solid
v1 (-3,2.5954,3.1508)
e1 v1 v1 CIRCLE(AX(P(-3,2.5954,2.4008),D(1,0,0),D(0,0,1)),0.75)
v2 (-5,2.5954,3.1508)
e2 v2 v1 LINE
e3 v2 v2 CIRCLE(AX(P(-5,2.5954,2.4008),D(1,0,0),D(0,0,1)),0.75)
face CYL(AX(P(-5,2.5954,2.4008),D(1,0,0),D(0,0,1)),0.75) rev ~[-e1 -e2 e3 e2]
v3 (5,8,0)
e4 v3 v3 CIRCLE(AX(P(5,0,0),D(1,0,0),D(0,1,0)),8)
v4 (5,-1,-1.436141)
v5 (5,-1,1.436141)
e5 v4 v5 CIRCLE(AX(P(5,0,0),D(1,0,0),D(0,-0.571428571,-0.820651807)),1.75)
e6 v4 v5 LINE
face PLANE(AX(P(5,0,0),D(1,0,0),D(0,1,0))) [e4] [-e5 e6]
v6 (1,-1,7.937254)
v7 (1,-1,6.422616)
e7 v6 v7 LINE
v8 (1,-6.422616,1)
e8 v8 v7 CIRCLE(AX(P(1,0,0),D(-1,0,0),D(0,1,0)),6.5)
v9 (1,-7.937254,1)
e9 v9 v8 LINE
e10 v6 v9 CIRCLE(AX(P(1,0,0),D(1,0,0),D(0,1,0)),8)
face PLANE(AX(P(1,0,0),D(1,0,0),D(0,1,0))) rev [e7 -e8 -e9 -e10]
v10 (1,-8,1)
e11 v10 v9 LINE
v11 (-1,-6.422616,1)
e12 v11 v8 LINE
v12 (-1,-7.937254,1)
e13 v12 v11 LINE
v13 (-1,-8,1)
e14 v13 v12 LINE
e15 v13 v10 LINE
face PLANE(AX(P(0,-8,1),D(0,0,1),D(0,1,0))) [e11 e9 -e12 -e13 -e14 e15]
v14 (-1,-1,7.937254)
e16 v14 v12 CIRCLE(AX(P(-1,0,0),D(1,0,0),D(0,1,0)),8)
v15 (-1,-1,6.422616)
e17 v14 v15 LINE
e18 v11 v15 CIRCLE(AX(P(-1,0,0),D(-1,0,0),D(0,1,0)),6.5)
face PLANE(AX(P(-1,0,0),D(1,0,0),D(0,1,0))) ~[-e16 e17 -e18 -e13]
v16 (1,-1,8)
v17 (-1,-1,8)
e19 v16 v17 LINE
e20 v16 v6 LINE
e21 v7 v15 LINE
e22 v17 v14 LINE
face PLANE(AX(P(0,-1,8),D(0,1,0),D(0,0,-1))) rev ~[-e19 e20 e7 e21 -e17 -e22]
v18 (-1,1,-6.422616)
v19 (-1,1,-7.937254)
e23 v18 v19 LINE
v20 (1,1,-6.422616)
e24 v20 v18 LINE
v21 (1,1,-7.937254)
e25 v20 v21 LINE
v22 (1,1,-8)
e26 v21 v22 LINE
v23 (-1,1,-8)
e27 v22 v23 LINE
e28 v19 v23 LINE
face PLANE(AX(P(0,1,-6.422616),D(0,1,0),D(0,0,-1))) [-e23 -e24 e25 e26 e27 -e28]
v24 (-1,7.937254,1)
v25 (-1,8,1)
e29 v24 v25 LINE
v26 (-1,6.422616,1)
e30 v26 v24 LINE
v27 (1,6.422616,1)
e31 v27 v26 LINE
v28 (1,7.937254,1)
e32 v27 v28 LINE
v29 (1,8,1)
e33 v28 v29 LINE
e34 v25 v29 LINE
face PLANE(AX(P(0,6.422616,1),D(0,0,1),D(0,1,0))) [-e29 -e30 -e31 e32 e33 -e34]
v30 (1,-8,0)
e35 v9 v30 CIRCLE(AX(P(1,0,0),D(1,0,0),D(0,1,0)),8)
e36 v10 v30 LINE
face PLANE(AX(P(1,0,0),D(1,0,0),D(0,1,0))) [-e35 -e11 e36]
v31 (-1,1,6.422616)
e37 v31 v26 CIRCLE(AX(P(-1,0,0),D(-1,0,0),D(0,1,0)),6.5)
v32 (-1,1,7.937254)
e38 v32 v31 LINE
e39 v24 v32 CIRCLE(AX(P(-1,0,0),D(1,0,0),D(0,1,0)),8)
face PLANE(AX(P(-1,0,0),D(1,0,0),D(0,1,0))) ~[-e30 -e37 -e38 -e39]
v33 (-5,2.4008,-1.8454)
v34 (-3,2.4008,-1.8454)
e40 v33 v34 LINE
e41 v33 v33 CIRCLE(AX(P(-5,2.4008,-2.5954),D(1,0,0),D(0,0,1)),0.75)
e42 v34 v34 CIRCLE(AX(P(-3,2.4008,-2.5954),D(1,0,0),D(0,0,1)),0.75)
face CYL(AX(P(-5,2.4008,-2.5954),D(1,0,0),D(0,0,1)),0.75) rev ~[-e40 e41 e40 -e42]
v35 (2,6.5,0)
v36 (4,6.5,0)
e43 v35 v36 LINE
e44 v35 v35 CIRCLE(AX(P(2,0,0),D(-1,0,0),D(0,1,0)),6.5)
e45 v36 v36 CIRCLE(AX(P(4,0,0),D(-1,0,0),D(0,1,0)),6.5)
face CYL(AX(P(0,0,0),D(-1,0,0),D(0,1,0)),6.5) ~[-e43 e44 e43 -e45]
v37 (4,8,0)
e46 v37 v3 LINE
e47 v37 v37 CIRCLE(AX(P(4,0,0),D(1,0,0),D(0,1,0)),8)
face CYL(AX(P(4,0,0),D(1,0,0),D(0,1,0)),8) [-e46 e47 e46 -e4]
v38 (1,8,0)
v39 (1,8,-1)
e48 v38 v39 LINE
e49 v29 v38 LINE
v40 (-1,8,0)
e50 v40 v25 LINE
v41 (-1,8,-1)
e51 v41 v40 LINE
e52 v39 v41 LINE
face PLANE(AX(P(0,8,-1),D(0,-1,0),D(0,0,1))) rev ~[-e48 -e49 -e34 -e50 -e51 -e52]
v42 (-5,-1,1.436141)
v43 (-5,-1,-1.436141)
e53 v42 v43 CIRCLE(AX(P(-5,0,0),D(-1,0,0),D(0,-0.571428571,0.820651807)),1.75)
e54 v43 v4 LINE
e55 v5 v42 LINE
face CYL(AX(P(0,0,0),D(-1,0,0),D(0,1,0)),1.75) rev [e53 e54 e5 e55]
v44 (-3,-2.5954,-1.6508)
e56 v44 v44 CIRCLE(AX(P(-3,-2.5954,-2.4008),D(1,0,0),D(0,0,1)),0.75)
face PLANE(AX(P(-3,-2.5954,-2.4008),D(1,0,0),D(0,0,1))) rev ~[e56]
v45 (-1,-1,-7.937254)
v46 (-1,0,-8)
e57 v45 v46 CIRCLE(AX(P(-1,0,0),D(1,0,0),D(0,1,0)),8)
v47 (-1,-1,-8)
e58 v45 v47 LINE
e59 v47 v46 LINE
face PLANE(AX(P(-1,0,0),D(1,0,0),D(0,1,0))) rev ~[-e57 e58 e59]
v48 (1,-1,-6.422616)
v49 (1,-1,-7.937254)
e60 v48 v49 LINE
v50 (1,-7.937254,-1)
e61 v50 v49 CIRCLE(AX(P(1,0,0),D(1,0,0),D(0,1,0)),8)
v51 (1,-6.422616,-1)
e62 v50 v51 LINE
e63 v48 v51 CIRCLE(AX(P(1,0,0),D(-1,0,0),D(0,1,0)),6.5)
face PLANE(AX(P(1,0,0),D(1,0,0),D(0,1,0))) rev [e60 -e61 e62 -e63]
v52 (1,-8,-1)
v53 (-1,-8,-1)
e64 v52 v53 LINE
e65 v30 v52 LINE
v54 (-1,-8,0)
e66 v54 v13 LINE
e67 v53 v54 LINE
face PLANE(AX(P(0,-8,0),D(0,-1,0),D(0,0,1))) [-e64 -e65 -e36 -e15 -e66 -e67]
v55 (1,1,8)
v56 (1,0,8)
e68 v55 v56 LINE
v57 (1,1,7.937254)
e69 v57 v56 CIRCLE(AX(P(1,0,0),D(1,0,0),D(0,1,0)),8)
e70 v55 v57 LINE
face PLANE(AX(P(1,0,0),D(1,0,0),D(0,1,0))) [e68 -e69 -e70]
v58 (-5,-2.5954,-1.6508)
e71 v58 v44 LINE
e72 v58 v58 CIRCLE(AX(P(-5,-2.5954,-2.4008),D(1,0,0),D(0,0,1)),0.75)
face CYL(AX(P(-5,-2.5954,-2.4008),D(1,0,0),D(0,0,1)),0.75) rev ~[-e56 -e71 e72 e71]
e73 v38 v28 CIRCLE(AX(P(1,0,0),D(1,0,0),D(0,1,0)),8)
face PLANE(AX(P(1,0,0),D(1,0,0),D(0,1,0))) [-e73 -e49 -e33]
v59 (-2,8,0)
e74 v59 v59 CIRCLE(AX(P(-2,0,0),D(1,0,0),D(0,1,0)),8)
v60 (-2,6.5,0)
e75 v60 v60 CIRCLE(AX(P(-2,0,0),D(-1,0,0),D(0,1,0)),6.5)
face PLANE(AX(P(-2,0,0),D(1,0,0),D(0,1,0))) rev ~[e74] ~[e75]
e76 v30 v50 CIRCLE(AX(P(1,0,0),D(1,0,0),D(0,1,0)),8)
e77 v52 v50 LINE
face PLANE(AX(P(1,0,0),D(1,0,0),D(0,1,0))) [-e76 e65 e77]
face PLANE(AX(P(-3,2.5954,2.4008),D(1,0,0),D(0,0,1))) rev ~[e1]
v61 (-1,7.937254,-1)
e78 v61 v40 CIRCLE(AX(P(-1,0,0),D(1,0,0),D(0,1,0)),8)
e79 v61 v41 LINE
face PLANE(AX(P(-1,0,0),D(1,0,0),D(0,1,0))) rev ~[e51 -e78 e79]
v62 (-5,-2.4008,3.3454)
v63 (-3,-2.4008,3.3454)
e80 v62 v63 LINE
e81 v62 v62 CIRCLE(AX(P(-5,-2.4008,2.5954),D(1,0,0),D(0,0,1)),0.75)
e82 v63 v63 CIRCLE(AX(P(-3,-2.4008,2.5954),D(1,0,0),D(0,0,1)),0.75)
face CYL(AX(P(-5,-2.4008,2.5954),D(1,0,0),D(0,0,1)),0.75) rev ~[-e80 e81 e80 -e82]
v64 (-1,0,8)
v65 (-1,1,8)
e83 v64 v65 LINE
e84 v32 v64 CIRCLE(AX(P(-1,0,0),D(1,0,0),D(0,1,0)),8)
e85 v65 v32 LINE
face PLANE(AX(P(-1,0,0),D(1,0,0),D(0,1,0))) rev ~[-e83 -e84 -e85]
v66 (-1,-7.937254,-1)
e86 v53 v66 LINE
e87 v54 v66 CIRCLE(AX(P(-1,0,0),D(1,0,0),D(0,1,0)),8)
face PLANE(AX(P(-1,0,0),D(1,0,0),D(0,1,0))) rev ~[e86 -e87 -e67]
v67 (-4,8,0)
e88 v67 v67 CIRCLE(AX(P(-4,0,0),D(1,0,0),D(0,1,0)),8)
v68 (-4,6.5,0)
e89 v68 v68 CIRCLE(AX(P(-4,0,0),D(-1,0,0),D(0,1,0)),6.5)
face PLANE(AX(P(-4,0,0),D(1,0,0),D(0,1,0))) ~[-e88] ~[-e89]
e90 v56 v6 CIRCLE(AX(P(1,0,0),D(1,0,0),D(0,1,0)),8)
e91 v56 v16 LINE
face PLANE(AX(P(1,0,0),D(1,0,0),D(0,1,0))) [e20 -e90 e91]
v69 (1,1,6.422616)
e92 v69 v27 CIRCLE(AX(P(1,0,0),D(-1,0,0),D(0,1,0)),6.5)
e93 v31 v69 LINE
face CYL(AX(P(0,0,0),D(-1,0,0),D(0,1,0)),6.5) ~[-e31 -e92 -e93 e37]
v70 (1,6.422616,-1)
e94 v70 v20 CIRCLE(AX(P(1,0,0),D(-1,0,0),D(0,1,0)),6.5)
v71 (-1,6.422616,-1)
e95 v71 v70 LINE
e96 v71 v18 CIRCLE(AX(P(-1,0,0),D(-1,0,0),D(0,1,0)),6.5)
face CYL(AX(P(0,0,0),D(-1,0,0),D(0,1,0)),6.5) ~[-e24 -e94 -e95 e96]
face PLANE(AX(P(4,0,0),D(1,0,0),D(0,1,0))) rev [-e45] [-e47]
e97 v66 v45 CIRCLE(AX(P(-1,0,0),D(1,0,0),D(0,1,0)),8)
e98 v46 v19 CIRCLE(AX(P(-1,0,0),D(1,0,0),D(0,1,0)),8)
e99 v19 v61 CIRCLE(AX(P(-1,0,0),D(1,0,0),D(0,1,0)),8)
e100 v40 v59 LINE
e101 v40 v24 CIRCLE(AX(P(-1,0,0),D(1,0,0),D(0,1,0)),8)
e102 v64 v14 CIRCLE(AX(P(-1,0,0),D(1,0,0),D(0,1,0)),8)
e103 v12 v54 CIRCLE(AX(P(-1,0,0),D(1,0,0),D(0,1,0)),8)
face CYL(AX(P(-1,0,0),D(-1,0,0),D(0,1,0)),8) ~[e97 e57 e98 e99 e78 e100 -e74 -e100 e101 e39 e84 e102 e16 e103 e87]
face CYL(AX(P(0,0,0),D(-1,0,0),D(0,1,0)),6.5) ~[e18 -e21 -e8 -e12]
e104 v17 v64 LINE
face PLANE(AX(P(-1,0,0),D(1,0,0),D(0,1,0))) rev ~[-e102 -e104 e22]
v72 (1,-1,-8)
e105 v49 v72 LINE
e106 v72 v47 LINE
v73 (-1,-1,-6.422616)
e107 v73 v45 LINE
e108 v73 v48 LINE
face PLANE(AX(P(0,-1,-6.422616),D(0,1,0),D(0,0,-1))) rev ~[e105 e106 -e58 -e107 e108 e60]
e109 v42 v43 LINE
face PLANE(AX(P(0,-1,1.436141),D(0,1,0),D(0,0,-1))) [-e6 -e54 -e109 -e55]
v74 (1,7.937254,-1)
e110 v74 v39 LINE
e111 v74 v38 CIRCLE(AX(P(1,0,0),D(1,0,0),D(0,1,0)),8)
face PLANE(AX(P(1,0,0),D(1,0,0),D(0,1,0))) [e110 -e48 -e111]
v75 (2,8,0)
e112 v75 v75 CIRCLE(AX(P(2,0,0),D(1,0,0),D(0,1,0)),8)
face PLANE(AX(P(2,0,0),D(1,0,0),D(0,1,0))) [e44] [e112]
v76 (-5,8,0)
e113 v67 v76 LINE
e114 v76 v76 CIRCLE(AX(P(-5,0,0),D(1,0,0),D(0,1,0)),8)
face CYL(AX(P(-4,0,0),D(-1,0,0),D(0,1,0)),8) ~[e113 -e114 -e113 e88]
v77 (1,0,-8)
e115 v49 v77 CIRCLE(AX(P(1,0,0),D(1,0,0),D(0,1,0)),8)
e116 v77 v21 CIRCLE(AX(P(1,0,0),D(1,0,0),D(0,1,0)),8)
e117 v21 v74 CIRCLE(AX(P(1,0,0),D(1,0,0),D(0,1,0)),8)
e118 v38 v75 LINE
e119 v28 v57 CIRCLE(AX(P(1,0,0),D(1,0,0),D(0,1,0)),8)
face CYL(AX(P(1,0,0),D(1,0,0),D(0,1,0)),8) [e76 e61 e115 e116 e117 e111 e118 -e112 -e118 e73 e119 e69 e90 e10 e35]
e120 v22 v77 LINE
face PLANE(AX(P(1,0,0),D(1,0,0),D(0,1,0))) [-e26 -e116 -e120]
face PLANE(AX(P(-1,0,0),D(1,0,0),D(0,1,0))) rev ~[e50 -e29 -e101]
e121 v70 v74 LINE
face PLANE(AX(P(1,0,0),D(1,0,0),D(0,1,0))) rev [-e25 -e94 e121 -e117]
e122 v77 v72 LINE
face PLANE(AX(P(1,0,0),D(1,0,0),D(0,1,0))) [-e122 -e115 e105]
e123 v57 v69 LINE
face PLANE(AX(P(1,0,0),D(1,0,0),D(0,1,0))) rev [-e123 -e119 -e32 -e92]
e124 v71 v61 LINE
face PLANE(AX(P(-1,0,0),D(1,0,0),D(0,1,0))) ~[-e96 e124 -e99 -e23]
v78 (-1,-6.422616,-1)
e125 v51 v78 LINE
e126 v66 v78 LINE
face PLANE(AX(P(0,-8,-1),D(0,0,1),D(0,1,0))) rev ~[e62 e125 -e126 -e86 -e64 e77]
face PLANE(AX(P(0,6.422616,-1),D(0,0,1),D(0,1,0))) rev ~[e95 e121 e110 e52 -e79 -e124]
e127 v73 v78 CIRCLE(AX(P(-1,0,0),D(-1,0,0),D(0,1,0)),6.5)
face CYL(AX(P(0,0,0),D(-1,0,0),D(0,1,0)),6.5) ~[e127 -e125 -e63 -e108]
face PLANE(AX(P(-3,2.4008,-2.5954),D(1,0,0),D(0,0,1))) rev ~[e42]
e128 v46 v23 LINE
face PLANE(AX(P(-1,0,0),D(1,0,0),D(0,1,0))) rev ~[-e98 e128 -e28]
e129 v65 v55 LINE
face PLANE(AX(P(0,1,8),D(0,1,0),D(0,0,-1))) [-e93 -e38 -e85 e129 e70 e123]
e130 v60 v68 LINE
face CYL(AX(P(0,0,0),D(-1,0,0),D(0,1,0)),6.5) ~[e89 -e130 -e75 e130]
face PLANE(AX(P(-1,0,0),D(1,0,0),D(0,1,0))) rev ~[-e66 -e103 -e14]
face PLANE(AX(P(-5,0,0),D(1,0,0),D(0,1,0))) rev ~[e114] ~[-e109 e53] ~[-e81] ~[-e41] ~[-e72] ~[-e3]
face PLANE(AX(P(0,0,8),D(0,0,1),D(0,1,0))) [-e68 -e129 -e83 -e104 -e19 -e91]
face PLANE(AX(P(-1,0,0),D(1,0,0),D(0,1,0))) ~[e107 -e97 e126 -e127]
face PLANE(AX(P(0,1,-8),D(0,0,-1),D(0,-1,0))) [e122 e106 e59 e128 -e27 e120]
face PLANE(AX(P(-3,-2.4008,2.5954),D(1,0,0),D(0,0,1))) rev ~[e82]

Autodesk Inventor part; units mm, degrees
ref_plane "YZ Plane" through (0, 0, 0) normal (1, 0, 0) x (0, 1, 0)
ref_plane "XZ Plane" through (0, 0, 0) normal (0, 1, 0) x (-1, 0, 0)
ref_plane "XY Plane" through (0, 0, 0) normal (0, 0, 1) x (1, 0, 0)
sketch "Szkic1" plane through (0, 0, 0) normal (1, 0, 0) x (0, 1, 0)
  circle A0 centre (0, 0) radius 6.5
  circle A1 centre (0, 0) radius 1.75
  line L0 (0, 1.75) -> (0, -1.0846)
  line L1 (-1, 1.9718) -> (-1, -1.0846)
  line L2 (8, 0) -> (-8, 0)
  line L3 (-8, 0) -> (-8, -1)
  line L4 (-8, -1) -> (8, -1)
  line L5 (8, -1) -> (8, 0)
  line L6 (8, 0) -> (-8, 0)
  line L7 (-8, 0) -> (-8, 1)
  line L8 (-8, 1) -> (8, 1)
  line L9 (8, 1) -> (8, 0)
  line L10 (0, 8) -> (1, 8)
  line L11 (1, 8) -> (1, -8)
  line L12 (1, -8) -> (0, -8)
  line L13 (0, 8) -> (-1, 8)
  line L14 (-1, 8) -> (-1, -8)
  line L15 (-1, -8) -> (0, -8)
  line L16 (0, -8) -> (0, 8)
  point P0 (-1, -1.4361)
  point P1 (-1, 1.4361)
  point P2 (-6.4226, -1)
  point P3 (-6.4226, 1)
  point P4 (1, -6.4226)
  point P5 (-1, -6.4226)
  point P6 (6.4226, 1)
  point P7 (6.4226, -1)
  point P8 (-1, 6.4226)
  point P9 (1, 6.4226)
  dimension "d1" = 3.5
  dimension "d0" = 13
  dimension "d2" = 1
  dimension "d14" = 16
  dimension "d16" = 16
  dimension "d18" = 2
  dimension "d19" = 2
sketch "Szkic2" plane through (0, 0, 0) normal (0, 0, 1) x (1, 0, 0)
  line L0 (0, 0) -> (5, 0)
  line L1 (5, 0) -> (5, 6)
  line L2 (5, 6) -> (0, 6)
  line L3 (0, 6) -> (0, 0)
  line L4 (0, 0) -> (-5, 0)
  line L5 (-5, 0) -> (-5, 6)
  line L6 (-5, 6) -> (0, 6)
  line L7 (0, 6) -> (0, 0)
  line L8 (0, 0) -> (5, 0)
  line L9 (5, 0) -> (5, -6)
  line L10 (5, -6) -> (0, -6)
  line L11 (0, -6) -> (0, 0)
  line L12 (0, 0) -> (-5, 0)
  line L13 (-5, 0) -> (-5, -6)
  line L14 (-5, -6) -> (0, -6)
  line L15 (0, -6) -> (0, 0)
  line L16 (5, 6) -> (4, 6)
  line L17 (4, 6) -> (4, 8)
  line L18 (4, 8) -> (5, 8)
  line L19 (5, 8) -> (5, 6)
  line L20 (2, 6) -> (1, 6)
  line L21 (1, 6) -> (1, 8)
  line L22 (1, 8) -> (2, 8)
  line L23 (2, 8) -> (2, 6)
  line L24 (-5, 6) -> (-4, 6)
  line L25 (-4, 6) -> (-4, 8)
  line L26 (-4, 8) -> (-5, 8)
  line L27 (-5, 8) -> (-5, 6)
  line L28 (-2, 6) -> (-1, 6)
  line L29 (-1, 6) -> (-1, 8)
  line L30 (-1, 8) -> (-2, 8)
  line L31 (-2, 8) -> (-2, 6)
  point P0 (-1, 6)
  point P1 (1, 6)
  point P2 (0, 6)
  dimension "d3" = 5
  dimension "d4" = 6
  dimension "d5" = 10
  dimension "d6" = 12
  dimension "d7" = 1
  dimension "d8" = 2
  dimension "d9" = 1
  dimension "d10" = 1
  dimension "d11" = 2
  dimension "d12" = 1
  dimension "d13" = 2
extrude "Wyciągnięcie proste1" add sketch "Szkic1" along normal mid plane 10 contours L2 A1 L8 A0 | A0 L4 A1 L2 | L8 A1 L11 A0 | A0 L11 A1 L4 | L11 A1 L16 A0 | A0 L16 A1 L11 | L16 A1 L1 L14 A0 | A0 L14 A1 L16 | L14 L1 A1 L8 A0 | A0 L4 A1 L14 | L2 A1 L8 L1 | L1 L4 A1 L2 | L8 A1 L2 A0 | L1 L8 A1 | A0 L2 A1 L4 | A1 L4 L1 L14
extrude "Wyciągnięcie proste2" add sketch "Szkic1" along normal mid plane 2 contours L2 L5 L4 A0 | A0 L8 L9 L2 | A0 L16 L10 L11 | L11 L12 L16 A0 | A0 L14 L13 L16 | L16 L15 L14 A0 | A0 L2 L7 L8 | L4 L3 L2 A0
revolve "Obrót1" add sketch "Szkic2" angle 360 about axis through (0, 0, 0) along (1, 0, 0) contours L2 L17 L18 L19 | L21 L22 L23 L2 | L6 L31 L30 L29 | L27 L26 L25 L6
sketch "Sketch3" plane through (-5, 0, 0) normal (-1, 0, 0) x (0, 0, 1)
  circle A0 centre (0, 0) radius 3.5355
  point P0 (2.4008, 2.5954)
  point P1 (-2.5954, 2.4008)
  point P2 (-2.4008, -2.5954)
  point P3 (2.5954, -2.4008)
  dimension "d25" = 7.071
  dimension "d28" = 360
hole "Hole2" at (-5, 2.5954, 2.4008) at (-5, 2.4008, -2.5954) at (-5, -2.5954, -2.4008) at (-5, -2.4008, 2.5954) direction (1, 0, 0) diameter 1.5 depth 2
properties part number "srodek-kolo"
